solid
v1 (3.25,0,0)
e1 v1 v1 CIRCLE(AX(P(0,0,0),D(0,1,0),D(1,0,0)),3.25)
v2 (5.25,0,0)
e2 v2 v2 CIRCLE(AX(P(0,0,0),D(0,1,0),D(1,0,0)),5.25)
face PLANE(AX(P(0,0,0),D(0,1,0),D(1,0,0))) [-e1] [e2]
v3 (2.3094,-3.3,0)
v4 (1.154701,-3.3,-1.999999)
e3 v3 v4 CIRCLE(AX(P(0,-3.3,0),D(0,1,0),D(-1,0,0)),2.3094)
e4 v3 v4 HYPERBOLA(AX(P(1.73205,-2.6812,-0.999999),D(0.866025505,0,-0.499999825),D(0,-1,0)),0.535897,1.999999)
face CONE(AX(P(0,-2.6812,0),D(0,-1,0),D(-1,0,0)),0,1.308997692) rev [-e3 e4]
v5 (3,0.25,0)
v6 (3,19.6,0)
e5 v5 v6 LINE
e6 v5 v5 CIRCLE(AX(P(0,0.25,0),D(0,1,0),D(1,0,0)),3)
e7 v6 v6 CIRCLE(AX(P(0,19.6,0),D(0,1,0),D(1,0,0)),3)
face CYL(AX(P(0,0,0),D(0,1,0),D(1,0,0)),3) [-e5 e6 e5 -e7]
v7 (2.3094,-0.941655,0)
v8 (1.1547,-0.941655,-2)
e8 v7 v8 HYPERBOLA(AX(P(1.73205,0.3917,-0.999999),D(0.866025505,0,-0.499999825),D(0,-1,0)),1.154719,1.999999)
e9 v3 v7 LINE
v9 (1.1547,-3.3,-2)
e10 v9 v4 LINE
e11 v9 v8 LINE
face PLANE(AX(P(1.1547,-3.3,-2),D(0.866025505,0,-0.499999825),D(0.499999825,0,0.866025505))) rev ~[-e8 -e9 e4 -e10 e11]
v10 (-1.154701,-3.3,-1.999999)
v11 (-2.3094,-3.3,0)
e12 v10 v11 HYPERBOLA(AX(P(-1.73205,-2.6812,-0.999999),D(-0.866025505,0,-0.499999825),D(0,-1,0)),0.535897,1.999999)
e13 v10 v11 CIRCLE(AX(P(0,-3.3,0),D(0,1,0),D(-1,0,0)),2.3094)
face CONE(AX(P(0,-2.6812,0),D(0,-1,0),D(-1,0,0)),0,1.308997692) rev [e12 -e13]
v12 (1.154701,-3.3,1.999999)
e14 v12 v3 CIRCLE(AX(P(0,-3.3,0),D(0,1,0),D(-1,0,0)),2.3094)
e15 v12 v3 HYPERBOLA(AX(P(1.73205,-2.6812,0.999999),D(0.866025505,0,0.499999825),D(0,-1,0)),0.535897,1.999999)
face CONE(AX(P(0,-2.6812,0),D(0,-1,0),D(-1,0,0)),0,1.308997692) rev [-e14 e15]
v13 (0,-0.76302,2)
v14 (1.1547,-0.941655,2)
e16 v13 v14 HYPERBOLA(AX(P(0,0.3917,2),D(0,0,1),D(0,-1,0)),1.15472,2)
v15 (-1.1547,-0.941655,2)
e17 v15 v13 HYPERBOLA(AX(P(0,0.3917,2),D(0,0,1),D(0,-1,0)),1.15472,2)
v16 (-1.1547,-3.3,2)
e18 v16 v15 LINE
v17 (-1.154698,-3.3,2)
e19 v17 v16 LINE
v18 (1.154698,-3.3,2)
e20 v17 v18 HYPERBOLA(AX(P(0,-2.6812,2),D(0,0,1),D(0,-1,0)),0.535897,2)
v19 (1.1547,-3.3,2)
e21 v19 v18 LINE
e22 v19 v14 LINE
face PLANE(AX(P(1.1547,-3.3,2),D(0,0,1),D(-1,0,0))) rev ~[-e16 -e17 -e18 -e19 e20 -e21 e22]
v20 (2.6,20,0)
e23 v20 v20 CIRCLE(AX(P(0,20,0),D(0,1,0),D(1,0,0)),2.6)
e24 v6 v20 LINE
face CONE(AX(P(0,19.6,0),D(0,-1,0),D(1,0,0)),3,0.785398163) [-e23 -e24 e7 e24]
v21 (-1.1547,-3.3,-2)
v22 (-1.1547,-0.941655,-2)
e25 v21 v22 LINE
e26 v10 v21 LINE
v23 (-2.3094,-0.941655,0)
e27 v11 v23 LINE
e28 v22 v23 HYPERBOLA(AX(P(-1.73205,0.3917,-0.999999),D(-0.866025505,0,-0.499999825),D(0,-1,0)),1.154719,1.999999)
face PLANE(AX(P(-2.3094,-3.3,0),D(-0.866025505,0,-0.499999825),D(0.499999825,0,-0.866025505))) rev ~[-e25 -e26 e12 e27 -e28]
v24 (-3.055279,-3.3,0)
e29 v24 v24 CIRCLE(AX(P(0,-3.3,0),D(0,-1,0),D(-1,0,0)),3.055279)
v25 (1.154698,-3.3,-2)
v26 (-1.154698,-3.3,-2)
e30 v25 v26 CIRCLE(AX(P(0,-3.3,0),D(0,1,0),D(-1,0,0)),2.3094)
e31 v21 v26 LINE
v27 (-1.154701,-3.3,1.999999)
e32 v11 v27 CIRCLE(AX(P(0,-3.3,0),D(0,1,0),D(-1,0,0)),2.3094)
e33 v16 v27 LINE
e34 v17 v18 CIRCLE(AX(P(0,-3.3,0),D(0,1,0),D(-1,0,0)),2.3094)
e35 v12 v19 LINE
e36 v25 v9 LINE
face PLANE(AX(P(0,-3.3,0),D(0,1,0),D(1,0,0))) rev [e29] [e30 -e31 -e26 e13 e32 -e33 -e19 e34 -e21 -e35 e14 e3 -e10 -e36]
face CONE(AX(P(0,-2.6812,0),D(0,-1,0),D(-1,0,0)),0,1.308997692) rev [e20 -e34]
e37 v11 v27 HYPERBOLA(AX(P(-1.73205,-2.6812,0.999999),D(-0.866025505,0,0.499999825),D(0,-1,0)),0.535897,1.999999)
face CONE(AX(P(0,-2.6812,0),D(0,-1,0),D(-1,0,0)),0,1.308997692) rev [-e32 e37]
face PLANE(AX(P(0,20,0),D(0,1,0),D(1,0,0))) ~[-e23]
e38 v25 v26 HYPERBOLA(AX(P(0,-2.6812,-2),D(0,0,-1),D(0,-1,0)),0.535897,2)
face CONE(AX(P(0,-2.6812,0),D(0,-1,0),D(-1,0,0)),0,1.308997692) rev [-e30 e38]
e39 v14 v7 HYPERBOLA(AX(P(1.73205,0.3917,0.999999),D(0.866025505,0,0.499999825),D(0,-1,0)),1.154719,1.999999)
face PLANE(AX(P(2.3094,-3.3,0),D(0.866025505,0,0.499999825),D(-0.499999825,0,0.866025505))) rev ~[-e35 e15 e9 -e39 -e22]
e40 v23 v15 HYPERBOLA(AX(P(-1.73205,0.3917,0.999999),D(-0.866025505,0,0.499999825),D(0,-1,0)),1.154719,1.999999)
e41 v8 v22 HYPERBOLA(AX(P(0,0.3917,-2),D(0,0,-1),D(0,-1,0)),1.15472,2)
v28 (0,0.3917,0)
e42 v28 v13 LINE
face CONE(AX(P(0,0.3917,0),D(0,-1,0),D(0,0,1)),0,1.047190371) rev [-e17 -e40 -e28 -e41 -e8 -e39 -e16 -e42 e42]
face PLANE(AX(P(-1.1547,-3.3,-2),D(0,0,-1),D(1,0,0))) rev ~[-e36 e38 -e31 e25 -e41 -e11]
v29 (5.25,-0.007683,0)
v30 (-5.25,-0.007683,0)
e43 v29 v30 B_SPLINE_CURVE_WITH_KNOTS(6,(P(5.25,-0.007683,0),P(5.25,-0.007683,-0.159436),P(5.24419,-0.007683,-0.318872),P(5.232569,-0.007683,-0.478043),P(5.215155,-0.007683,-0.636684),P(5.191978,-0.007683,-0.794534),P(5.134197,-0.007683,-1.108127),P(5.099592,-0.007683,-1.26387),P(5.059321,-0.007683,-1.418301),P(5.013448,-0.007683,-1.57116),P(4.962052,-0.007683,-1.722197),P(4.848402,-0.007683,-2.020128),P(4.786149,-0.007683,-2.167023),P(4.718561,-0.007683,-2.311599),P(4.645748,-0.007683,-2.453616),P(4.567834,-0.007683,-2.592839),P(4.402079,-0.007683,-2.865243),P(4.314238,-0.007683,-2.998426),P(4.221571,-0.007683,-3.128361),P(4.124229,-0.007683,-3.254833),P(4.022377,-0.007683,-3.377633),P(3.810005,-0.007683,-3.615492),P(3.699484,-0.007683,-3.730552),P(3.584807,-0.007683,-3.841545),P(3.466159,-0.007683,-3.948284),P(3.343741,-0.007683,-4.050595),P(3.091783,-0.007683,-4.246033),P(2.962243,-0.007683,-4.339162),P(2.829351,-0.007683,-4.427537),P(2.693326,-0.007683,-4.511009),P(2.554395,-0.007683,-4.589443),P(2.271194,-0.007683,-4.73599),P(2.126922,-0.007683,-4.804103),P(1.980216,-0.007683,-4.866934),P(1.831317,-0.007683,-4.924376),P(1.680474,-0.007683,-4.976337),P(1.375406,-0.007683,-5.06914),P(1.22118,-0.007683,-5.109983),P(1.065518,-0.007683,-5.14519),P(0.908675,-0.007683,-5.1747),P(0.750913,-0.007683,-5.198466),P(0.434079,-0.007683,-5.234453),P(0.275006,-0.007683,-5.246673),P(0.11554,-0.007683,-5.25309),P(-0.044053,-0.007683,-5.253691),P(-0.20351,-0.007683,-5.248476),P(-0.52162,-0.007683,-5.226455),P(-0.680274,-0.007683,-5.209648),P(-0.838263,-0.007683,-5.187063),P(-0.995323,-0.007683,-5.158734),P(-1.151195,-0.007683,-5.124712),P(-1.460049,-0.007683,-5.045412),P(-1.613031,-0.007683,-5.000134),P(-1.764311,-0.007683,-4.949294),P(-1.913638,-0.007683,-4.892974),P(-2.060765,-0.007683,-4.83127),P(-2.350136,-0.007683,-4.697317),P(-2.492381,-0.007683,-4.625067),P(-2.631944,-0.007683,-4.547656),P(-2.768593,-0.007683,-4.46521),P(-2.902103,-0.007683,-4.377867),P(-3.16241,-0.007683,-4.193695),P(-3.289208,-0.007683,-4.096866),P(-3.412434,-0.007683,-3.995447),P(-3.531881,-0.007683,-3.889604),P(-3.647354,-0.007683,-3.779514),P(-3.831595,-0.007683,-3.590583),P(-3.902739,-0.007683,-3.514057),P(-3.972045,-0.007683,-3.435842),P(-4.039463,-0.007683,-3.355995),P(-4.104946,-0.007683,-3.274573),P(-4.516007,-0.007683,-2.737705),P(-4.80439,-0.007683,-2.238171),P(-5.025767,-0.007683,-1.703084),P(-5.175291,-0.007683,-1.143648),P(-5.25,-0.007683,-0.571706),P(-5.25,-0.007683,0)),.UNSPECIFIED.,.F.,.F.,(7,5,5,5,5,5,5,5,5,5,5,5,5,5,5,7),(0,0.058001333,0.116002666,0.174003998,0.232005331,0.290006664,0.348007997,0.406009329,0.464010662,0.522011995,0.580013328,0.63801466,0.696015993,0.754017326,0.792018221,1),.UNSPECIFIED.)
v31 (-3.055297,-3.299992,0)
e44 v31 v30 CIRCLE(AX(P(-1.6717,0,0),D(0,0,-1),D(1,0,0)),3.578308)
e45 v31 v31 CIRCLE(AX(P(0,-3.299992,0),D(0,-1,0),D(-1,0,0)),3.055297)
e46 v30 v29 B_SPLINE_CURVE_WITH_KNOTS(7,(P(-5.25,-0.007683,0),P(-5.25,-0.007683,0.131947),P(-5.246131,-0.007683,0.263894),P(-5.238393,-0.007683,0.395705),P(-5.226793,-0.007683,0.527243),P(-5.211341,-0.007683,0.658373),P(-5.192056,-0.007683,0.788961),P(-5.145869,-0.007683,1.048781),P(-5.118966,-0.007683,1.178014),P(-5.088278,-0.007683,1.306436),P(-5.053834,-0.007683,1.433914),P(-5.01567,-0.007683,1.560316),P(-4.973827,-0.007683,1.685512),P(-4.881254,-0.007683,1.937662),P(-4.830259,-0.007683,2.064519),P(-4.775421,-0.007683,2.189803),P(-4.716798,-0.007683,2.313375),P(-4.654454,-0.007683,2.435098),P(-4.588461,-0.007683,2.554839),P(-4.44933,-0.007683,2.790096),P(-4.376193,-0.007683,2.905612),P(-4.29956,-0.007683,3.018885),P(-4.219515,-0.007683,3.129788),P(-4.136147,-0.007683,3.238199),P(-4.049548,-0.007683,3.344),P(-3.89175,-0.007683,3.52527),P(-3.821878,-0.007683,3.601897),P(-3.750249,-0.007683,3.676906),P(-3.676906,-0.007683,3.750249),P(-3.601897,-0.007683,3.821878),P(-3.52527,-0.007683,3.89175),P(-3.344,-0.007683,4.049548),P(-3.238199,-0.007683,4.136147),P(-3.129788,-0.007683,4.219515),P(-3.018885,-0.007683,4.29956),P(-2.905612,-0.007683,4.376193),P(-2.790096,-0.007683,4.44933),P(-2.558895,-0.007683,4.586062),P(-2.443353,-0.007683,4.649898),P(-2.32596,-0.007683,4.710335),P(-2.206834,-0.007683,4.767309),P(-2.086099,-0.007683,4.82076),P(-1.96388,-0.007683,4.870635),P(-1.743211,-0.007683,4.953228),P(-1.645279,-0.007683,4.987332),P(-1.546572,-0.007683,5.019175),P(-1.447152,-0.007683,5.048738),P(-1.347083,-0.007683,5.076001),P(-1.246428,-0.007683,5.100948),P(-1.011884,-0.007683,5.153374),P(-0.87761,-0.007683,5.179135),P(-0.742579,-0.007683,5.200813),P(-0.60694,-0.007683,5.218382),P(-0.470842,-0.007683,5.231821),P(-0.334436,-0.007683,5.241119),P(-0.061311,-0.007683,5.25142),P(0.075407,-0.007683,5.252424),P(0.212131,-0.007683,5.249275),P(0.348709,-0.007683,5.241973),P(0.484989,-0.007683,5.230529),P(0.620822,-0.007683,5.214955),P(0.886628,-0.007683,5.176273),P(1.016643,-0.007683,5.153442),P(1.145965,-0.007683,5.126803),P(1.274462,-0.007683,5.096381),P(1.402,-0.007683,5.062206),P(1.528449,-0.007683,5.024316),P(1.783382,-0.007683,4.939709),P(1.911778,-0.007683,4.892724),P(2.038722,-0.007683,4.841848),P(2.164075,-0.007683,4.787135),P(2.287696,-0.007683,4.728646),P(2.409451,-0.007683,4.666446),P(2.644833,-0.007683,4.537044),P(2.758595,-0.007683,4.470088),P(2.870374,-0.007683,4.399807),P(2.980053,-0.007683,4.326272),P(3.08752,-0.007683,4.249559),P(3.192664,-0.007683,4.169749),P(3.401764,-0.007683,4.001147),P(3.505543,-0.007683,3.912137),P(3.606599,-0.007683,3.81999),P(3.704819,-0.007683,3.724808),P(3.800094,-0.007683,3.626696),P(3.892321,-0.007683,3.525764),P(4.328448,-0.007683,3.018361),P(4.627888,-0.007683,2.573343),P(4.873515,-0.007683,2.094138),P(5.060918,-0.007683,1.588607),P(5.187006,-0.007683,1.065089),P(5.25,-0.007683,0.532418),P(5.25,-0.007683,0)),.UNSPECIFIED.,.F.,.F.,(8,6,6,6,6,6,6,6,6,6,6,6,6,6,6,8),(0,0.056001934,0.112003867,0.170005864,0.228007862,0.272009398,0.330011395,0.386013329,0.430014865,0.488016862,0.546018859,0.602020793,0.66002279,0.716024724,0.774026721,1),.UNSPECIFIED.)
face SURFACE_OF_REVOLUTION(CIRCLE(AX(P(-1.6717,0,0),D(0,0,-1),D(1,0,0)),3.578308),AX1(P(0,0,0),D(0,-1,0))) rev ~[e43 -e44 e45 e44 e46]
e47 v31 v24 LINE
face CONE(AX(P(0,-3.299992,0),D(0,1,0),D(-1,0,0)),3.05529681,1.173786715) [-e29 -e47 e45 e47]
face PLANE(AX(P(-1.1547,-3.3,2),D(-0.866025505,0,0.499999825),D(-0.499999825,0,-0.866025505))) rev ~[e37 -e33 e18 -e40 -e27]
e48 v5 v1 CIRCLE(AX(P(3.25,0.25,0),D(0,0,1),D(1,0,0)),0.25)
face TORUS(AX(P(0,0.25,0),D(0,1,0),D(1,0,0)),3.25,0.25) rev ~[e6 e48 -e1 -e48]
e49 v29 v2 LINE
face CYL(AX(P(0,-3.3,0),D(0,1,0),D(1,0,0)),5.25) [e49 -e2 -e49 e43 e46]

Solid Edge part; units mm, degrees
sketch "Sketch1" plane through (0, 0, 0) normal (0, 0, 1) x (1, 0, 0)
  line L0 (3, 0) -> (3, 20)
  line L1 (0, 20) -> (3, 20)
  line L2 (0, 0) -> (0, 20)
  line L3 (0, 0) -> (0, -3.3)
  line L4 (0, -3.3) -> (5.25, -3.3)
  line L5 (5.25, -3.3) -> (5.25, 0)
  line L6 (5.25, 0) -> (3, 0)
revolve "RevolvedProtrusion1" add sketch "Sketch1" angle 360 about axis through (0, 0, 0) along (0, 1, 0)
sketch "Sketch2" plane through (0, 0, 0) normal (1, 0, 0) x (0, 1, 0)
  line L0 (-3.3, 2.7915) -> (-1.22, 2.7915)
  line L1 (0.3917, 0) -> (-1.22, 2.7915)
  line L2 (-3.3, 0) -> (0.3917, 0)
  line L3 (-3.3, 0) -> (-3.3, 2.7915)
revolve "RevolvedCutout1" cut sketch "Sketch2" angle 360 about axis through (0, -4.5, 0) along (0, 1, 0)
sketch "Sketch3" plane through (0, -3.3, 0) normal (0, -1, 0) x (0, 0, 1)
  circle A0 centre (0, 0) radius 2.7915
  line L0 (-2, -1.1547) -> (0, -2.3094)
  line L1 (0, -2.3094) -> (2, -1.1547)
  line L2 (2, -1.1547) -> (2, 1.1547)
  line L3 (2, 1.1547) -> (0, 2.3094)
  line L4 (0, 2.3094) -> (-2, 1.1547)
  line L5 (-2, 1.1547) -> (-2, -1.1547)
  dimension "D1" = 4
extrude "Protrusion1" add sketch "Sketch3" against normal up to next
sketch "Sketch4" plane through (0, 0, 0) normal (0, 0, 1) x (1, 0, 0)
  line L0 (-2.3094, -3.3) -> (0, -3.3)
  line L1 (0, -3.3) -> (0, -2.6812)
  line L2 (0, -2.6812) -> (-2.3094, -3.3)
revolve "RevolvedCutout2" cut sketch "Sketch4" angle 360 about axis through (0, -4.5, 0) along (0, 1, 0)
fillet "Round1" radius 0.25 1 edges at (0, 0, -3)
chamfer "倒斜角_2" distance 0.4 angle 45 1 edges at (0, 20, -3)
cosmetic_thread "螺纹_3" size "M6" thread depth 18
sketch "Sketch5" plane through (0, 0, 0) normal (0, 0, 1) x (1, 0, 0)
  arc A0 (-3.0553, -3.3) -> (-5.25, 0) centre (-1.6717, 0) cw
revolve "RevolvedCutout3" cut sketch "Sketch5" angle 360 about axis through (0, 0, 0) along (0, -1, 0) material side at (-4.6929, -2.0093, 0)
